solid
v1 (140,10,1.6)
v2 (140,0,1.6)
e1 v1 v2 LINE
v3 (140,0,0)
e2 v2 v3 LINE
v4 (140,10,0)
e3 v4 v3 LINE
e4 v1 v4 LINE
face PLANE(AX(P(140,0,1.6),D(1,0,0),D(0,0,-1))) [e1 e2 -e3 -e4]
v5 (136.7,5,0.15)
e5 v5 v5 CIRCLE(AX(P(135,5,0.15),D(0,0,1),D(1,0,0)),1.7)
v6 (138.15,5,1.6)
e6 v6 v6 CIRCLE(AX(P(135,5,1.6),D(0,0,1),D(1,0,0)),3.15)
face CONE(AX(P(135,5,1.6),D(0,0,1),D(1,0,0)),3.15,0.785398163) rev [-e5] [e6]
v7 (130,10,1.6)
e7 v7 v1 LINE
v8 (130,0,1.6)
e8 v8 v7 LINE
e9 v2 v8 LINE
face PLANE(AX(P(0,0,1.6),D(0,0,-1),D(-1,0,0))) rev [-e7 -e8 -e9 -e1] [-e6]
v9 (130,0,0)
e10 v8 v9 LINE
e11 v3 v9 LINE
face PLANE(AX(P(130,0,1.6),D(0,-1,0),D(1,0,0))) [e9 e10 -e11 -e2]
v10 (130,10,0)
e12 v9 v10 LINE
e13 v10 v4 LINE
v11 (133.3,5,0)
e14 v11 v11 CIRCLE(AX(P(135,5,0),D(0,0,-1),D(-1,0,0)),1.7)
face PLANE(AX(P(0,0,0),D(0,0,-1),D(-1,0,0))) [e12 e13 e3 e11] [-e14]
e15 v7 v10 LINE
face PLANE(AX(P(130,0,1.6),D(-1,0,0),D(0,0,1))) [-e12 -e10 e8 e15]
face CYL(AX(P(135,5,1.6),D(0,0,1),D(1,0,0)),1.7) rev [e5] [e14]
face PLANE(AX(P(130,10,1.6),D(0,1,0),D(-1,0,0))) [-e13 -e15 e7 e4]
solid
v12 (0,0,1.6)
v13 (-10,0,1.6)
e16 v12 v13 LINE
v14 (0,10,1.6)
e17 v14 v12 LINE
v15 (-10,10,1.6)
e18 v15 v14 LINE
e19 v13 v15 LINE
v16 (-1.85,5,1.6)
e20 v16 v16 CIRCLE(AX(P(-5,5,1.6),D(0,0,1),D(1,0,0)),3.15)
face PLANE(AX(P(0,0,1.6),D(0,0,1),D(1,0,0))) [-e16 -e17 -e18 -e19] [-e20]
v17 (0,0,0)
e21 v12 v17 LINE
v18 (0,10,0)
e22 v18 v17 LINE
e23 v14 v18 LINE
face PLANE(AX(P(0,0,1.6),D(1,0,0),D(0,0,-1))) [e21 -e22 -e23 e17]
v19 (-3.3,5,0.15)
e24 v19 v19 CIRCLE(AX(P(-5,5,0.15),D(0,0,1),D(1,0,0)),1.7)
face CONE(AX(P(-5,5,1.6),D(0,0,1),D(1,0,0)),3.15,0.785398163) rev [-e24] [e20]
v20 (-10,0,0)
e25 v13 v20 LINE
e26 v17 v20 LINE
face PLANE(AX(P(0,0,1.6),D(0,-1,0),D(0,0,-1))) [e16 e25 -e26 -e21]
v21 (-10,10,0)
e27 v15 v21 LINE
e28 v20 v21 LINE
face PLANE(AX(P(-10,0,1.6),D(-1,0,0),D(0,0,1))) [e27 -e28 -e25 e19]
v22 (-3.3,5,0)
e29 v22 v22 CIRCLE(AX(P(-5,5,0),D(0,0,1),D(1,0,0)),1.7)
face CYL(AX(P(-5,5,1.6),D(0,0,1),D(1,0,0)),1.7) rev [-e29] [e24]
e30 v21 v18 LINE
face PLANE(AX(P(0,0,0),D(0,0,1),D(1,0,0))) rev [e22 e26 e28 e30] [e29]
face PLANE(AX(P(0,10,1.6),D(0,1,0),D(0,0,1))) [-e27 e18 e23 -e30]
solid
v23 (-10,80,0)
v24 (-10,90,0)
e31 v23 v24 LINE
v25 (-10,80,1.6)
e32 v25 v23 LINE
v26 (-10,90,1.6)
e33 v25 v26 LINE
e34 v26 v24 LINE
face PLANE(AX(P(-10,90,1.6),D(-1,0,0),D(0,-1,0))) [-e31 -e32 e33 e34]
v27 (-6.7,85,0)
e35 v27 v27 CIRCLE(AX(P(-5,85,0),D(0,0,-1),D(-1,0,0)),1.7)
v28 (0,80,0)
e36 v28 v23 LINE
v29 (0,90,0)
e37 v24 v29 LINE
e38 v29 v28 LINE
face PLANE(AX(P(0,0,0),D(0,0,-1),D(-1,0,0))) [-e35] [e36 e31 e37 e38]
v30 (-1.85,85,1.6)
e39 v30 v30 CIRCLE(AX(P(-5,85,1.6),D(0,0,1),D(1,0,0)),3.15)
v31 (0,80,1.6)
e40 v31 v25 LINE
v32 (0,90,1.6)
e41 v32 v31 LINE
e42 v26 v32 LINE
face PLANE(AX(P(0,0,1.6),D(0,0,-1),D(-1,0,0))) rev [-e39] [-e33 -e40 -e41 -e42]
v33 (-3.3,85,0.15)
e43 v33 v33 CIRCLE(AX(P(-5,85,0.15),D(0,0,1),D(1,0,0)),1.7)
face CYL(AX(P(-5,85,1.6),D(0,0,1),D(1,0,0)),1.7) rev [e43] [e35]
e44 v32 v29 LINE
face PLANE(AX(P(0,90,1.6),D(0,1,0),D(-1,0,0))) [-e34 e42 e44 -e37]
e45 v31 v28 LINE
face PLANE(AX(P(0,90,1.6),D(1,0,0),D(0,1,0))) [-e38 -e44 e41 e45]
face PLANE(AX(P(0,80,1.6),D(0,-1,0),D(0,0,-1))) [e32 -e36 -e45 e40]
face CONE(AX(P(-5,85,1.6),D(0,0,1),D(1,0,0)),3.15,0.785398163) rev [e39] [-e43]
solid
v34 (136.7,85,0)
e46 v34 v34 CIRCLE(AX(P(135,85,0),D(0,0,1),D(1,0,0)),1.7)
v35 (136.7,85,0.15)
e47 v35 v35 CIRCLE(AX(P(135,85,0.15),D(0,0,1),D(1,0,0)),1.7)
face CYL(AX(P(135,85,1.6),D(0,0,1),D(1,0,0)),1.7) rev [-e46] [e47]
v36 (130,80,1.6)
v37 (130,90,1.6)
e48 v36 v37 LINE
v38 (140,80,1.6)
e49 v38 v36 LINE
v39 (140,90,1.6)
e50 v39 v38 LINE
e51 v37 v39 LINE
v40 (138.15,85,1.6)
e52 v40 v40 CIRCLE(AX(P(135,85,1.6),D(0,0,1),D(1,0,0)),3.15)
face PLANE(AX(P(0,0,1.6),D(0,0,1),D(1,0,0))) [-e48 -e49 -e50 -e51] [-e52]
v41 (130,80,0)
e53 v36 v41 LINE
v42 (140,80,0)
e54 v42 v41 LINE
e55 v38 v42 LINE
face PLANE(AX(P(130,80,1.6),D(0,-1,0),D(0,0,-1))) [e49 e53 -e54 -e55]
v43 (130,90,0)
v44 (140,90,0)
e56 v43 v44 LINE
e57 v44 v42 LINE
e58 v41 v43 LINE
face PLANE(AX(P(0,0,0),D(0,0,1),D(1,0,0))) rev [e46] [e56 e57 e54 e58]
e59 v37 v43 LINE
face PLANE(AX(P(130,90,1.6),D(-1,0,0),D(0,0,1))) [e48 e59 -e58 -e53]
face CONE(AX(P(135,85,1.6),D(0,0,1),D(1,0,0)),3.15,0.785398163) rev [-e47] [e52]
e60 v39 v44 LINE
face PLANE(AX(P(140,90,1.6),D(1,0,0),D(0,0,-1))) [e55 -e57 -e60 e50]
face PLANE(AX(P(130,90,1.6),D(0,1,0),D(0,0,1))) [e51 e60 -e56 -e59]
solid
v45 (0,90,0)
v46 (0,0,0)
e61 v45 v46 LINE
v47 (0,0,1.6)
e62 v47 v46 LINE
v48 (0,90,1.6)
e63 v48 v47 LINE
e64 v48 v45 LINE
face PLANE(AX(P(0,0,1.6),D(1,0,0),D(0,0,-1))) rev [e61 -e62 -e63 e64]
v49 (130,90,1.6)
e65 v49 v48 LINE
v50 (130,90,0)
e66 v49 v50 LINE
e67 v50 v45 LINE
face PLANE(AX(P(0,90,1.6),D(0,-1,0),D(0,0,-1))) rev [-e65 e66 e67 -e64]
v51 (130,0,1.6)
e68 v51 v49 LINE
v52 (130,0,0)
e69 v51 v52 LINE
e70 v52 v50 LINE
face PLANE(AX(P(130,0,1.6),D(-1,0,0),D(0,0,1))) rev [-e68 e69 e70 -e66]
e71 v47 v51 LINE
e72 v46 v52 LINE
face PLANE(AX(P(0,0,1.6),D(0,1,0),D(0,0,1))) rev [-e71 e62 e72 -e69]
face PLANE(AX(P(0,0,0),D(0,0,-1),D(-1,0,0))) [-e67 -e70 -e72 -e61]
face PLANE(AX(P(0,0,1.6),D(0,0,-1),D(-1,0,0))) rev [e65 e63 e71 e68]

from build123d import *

# Parameters (mm, degrees)
SKETCH1_W                                    = 130
SKETCH1_H                                    = 90
BOSS_EXTRUDE1_DEPTH                          = 1.6
SKETCH2_W                                    = 10
SKETCH2_H                                    = 10
BOSS_EXTRUDE2_DEPTH                          = 1.6
BOSS_EXTRUDE2_2_DEPTH                        = 1.6
BOSS_EXTRUDE2_3_DEPTH                        = 1.6
BOSS_EXTRUDE2_4_DEPTH                        = 1.6
CSK_FOR_M3_COUNTERSUNK_FLAT_HEAD_SCR_2_COUNT = 2
CSK_FOR_M3_COUNTERSUNK_FLAT_HEAD_SCR_2_PITCH = 140
CSK_FOR_M3_COUNTERSUNK_FLAT_HEAD_SCR_3_COUNT = 2
CSK_FOR_M3_COUNTERSUNK_FLAT_HEAD_SCR_3_PITCH = 161.245154966
CSK_FOR_M3_COUNTERSUNK_FLAT_HEAD_SCR_4_COUNT = 2
CSK_FOR_M3_COUNTERSUNK_FLAT_HEAD_SCR_4_PITCH = 80


with BuildPart() as part:
    # Sketch1 → Boss-Extrude1 (new body)
    with BuildSketch(Plane.XY):
        with Locations((65, 45)):
            Rectangle(SKETCH1_W, SKETCH1_H)
    extrude(amount=BOSS_EXTRUDE1_DEPTH)


with BuildPart() as body_2:
    # Sketch2 → Boss-Extrude2 (new body)
    with BuildSketch(Plane(origin=(0, 0, 0), x_dir=(-1, 0, 0), z_dir=(0, 0, -1))):
        with Locations((-135, 85)):
            Rectangle(SKETCH2_W, SKETCH2_H)
    extrude(amount=-BOSS_EXTRUDE2_DEPTH)


with BuildPart() as body_3:
    # Sketch2 → Boss-Extrude2 2 (new body)
    with BuildSketch(Plane(origin=(0, 0, 0), x_dir=(-1, 0, 0), z_dir=(0, 0, -1))):
        with Locations((-135, 5)):
            Rectangle(SKETCH2_W, SKETCH2_H)
    extrude(amount=-BOSS_EXTRUDE2_2_DEPTH)


with BuildPart() as body_4:
    # Sketch2 → Boss-Extrude2 3 (new body)
    with BuildSketch(Plane(origin=(0, 0, 0), x_dir=(-1, 0, 0), z_dir=(0, 0, -1))):
        with Locations((5, 5)):
            Rectangle(SKETCH2_W, SKETCH2_H)
    extrude(amount=-BOSS_EXTRUDE2_3_DEPTH)


with BuildPart() as body_5:
    # Sketch2 → Boss-Extrude2 4 (new body)
    with BuildSketch(Plane(origin=(0, 0, 0), x_dir=(-1, 0, 0), z_dir=(0, 0, -1))):
        with Locations((5, 85)):
            Rectangle(SKETCH2_W, SKETCH2_H)
    extrude(amount=-BOSS_EXTRUDE2_4_DEPTH)

    # Sketch5 → CSK for M3 Countersunk Flat Head Screw1 (revolve, cut)
    with BuildSketch(Plane(origin=(-5, 85, 1.6), x_dir=(0, -1, 0), z_dir=(1, 0, 0))):
        Polygon((0, 0), (0, 31.021463052), (1.7, 30), (1.7, 1.45), (3.15, 0), align=None)
    csk_for_m3_countersunk_flat_head_screw1 = revolve(axis=Axis((-5, 85, 7.95), (0, 0, -1)), mode=Mode.SUBTRACT)


with BuildPart() as body_2_1:
    add(body_2.part)

    # CSK for M3 Countersunk Flat Head Scr 2: CSK for M3 Countersunk Flat Head Screw1 ×2
    with Locations(*[(i * CSK_FOR_M3_COUNTERSUNK_FLAT_HEAD_SCR_2_PITCH, 0, 0) for i in range(1, CSK_FOR_M3_COUNTERSUNK_FLAT_HEAD_SCR_2_COUNT)]):
        add(csk_for_m3_countersunk_flat_head_screw1, mode=Mode.SUBTRACT)


with BuildPart() as body_3_1:
    add(body_3.part)

    # CSK for M3 Countersunk Flat Head Scr 3: CSK for M3 Countersunk Flat Head Screw1 ×2
    with Locations(*[Vector(0.8682431421244593, -0.49613893835683387, 0) * (i * CSK_FOR_M3_COUNTERSUNK_FLAT_HEAD_SCR_3_PITCH) for i in range(1, CSK_FOR_M3_COUNTERSUNK_FLAT_HEAD_SCR_3_COUNT)]):
        add(csk_for_m3_countersunk_flat_head_screw1, mode=Mode.SUBTRACT)


with BuildPart() as body_4_1:
    add(body_4.part)

    # CSK for M3 Countersunk Flat Head Scr 4: CSK for M3 Countersunk Flat Head Screw1 ×2
    with Locations(*[(0, -i * CSK_FOR_M3_COUNTERSUNK_FLAT_HEAD_SCR_4_PITCH, 0) for i in range(1, CSK_FOR_M3_COUNTERSUNK_FLAT_HEAD_SCR_4_COUNT)]):
        add(csk_for_m3_countersunk_flat_head_screw1, mode=Mode.SUBTRACT)


solid = Compound([part.part, body_5.part, body_2_1.part, body_3_1.part, body_4_1.part])
